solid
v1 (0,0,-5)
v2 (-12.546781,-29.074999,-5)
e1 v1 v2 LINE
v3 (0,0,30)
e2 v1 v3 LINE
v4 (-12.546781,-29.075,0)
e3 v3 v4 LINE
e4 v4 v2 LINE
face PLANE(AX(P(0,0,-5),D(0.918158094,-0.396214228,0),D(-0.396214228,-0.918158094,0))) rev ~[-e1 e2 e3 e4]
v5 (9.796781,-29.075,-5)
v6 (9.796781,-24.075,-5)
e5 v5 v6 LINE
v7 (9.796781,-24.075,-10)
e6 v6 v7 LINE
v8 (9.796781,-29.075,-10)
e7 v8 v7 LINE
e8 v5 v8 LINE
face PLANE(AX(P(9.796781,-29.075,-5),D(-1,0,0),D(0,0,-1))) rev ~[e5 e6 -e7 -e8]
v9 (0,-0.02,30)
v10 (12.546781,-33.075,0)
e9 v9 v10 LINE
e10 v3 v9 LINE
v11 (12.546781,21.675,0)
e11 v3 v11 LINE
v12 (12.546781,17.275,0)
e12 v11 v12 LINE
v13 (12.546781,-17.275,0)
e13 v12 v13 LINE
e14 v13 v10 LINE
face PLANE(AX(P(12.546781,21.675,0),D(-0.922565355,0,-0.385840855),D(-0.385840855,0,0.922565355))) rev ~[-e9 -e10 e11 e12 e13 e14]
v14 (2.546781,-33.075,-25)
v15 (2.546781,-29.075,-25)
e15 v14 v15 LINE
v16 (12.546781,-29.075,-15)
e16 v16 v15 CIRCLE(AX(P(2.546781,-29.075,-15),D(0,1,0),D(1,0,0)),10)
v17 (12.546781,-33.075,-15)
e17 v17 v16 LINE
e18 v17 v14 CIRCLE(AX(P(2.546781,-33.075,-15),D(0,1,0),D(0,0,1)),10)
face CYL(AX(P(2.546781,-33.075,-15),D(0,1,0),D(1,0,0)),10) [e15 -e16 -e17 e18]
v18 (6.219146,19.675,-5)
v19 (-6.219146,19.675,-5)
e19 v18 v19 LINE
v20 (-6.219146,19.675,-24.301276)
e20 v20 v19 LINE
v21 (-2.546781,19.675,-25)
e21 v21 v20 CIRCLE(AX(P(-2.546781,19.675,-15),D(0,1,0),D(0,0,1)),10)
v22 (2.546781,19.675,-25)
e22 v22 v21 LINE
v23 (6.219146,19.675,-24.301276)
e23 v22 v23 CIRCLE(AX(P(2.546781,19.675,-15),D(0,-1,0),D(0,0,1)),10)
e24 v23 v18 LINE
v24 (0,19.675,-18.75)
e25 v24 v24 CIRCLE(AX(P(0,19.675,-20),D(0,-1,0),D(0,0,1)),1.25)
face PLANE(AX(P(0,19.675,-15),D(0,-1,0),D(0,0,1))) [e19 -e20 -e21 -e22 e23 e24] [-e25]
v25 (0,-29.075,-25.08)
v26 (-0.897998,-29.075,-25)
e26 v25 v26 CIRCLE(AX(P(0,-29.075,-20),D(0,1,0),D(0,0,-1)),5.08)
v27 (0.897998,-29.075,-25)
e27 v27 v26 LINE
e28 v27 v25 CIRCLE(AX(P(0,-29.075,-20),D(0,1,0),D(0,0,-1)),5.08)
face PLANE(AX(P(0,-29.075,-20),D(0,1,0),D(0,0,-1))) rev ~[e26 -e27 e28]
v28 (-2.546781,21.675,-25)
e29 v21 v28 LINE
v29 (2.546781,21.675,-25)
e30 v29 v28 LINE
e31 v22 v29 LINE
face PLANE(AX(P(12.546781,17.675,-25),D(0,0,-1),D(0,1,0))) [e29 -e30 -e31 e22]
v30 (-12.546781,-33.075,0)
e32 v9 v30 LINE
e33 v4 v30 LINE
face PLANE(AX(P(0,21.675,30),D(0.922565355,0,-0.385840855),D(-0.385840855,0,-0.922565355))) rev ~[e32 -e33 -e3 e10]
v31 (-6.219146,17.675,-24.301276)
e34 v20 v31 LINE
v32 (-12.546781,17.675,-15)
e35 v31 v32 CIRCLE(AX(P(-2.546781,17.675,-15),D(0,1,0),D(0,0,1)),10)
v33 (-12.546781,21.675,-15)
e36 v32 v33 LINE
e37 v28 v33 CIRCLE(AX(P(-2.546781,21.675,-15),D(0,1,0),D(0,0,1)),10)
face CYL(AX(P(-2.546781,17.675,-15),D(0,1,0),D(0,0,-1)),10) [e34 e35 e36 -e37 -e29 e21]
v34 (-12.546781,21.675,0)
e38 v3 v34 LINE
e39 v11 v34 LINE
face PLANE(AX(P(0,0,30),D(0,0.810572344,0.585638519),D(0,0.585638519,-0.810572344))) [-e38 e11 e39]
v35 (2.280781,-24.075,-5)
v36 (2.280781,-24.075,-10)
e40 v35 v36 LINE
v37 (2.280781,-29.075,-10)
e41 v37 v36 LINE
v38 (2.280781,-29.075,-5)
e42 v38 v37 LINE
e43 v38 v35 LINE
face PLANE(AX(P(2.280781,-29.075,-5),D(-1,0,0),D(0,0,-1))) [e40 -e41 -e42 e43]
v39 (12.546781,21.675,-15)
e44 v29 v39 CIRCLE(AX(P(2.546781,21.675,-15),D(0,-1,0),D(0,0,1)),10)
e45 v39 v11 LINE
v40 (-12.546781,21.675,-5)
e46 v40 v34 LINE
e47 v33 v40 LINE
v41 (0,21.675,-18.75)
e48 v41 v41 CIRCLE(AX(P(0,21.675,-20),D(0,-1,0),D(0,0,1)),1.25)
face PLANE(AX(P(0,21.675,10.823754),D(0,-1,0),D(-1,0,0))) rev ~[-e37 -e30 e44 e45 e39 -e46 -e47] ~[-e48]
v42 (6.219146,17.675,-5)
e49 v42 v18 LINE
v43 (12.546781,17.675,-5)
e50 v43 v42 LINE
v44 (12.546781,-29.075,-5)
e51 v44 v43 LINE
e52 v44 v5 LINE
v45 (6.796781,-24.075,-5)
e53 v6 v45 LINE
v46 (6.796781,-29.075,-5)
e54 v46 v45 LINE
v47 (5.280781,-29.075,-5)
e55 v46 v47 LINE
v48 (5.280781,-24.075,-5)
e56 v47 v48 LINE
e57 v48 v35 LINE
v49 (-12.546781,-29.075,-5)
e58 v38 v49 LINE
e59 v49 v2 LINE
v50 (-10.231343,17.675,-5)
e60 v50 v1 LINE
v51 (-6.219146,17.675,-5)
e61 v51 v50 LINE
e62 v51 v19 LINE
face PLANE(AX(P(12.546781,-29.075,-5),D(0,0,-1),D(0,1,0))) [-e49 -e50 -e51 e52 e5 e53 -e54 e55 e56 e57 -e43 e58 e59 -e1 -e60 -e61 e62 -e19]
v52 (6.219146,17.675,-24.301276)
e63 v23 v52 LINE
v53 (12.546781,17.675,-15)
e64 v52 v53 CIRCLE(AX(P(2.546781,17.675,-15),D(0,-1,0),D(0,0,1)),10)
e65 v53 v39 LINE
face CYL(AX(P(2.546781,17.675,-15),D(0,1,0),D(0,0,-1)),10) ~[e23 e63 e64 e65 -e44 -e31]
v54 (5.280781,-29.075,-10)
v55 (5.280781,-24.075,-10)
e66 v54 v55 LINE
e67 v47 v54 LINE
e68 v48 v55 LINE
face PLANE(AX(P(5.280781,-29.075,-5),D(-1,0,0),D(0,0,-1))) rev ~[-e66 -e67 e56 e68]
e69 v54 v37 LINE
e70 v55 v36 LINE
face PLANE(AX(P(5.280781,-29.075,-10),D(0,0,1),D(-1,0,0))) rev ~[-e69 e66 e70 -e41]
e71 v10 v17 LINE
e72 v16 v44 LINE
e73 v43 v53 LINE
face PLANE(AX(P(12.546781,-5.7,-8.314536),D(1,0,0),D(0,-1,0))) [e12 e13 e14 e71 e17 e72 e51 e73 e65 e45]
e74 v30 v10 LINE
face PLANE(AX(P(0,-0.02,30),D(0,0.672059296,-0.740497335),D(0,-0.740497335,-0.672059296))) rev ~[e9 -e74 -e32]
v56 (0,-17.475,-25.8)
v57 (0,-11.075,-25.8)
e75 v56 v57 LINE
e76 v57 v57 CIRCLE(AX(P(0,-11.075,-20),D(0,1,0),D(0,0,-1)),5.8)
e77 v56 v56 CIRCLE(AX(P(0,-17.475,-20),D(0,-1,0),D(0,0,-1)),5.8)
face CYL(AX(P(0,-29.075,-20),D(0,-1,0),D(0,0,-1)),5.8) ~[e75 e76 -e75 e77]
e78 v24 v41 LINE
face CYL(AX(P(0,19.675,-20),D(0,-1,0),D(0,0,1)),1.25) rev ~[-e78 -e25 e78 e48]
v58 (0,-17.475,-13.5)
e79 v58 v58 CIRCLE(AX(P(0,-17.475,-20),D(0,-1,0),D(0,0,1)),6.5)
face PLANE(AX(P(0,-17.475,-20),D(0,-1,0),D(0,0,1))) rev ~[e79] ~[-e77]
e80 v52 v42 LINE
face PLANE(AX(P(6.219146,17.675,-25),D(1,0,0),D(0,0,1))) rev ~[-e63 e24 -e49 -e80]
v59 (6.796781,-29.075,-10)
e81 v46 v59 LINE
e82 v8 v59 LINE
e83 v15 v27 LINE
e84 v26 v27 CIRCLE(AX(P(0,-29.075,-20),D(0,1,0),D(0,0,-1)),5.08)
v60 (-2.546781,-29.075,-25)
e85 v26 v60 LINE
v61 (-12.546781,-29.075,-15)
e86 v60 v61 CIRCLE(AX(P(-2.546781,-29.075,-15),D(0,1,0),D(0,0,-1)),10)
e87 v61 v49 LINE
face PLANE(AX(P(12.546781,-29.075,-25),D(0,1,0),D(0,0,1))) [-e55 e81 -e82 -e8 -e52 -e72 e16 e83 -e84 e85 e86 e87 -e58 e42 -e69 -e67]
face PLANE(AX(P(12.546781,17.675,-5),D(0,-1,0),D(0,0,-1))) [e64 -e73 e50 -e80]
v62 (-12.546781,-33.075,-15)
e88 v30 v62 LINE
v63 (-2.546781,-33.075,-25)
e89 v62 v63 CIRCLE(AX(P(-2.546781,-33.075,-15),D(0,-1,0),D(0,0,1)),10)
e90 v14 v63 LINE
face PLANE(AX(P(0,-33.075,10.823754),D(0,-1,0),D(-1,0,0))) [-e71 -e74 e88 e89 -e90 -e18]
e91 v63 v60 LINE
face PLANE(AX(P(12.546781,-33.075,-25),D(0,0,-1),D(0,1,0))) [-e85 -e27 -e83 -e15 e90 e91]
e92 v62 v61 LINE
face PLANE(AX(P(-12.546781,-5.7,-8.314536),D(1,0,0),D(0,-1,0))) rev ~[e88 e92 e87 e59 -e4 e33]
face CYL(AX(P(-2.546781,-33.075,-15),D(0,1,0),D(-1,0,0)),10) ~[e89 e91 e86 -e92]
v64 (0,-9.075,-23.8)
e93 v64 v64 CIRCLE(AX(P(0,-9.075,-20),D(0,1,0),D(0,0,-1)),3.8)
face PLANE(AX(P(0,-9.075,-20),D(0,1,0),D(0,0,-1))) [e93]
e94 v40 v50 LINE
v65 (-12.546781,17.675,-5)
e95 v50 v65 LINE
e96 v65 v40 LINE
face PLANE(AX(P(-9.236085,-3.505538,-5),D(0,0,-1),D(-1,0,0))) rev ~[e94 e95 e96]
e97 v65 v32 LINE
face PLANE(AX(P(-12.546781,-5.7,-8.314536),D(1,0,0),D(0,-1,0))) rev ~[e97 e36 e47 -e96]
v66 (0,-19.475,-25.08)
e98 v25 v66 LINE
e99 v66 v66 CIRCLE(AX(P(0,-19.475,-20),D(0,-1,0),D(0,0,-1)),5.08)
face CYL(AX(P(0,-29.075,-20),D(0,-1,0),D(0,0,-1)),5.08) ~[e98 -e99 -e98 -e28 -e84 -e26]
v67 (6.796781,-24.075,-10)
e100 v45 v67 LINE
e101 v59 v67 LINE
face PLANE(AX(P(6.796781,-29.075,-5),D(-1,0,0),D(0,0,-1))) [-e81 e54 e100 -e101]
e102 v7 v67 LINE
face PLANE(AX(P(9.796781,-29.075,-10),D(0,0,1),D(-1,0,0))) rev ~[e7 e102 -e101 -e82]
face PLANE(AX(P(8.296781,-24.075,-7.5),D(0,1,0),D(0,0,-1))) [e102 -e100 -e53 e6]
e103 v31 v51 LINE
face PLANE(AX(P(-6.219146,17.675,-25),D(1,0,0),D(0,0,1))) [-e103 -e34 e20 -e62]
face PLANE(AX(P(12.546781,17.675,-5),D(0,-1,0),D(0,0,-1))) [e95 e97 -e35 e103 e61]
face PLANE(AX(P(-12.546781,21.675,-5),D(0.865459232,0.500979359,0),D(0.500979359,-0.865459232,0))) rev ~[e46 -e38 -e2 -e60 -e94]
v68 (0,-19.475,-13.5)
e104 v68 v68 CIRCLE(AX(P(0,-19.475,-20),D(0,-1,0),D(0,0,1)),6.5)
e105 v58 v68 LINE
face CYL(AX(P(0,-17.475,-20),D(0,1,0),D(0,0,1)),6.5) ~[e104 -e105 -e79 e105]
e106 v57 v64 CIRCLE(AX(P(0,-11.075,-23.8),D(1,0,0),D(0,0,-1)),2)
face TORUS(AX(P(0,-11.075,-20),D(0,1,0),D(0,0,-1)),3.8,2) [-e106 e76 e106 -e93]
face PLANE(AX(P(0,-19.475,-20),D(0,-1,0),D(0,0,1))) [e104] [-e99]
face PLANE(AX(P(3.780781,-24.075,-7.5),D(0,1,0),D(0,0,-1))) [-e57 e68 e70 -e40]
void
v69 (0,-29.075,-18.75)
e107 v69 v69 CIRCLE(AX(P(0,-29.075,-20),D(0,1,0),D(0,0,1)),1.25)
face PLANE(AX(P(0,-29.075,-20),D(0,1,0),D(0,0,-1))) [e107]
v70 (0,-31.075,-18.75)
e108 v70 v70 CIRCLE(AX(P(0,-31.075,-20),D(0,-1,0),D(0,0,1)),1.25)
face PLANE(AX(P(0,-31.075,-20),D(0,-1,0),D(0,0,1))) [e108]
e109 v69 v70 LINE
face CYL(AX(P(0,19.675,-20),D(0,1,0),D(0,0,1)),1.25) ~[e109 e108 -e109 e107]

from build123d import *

# Parameters (mm, degrees)
SKETCH4_W                = 12.46
SKETCH4_H                = 17.25
BOSS_EXTRUDE3_DEPTH      = 6
SKETCH8_R                = 12.546781182
SKETCH8_R_2              = 11.15
BOSS_EXTRUDE6_DEPTH      = 7.3
BOSS_EXTRUDE6_DEPTH_BACK = 17.25
BOSS_EXTRUDE4_DEPTH      = 17.25
SKETCH6_R                = 0.5
CUT_EXTRUDE1_DEPTH       = 15
CHAMFER1_SIZE            = 0.5
CHAMFER1_SIZE2           = 0.866025404
SKETCH10_W               = 12.46
SKETCH10_H               = 23.7
CUT_EXTRUDE3_DEPTH       = 17.25
CUT_EXTRUDE4_REACH       = 38.097
SKETCH11_W               = 5
SKETCH11_H               = 3
BOSS_EXTRUDE7_DEPTH      = 7.3
BOSS_EXTRUDE9_DEPTH      = 10
SKETCH20_R               = 11.15
SKETCH20_R_2             = 7.15
BOSS_EXTRUDE11_DEPTH     = 7.3
SKETCH21_R               = 10.15
SKETCH21_R_2             = 7.15
CUT_EXTRUDE7_DEPTH       = 1.3
BOSS_EXTRUDE10_DEPTH     = 25.093562
SKETCH18_W               = 20
SKETCH18_H               = 12.438292938
CUT_EXTRUDE5_DEPTH       = 2
SKETCH19_R               = 1.25
CUT_EXTRUDE6_DEPTH       = 53.75
CUT_EXTRUDE6_DEPTH_BACK  = 3
FILLET1_R                = 10
SKETCH22_R               = 5.8
BOSS_EXTRUDE12_DEPTH     = 20
FILLET2_R                = 2
SKETCH23_R               = 5.930854157
SKETCH23_R_2             = 5.08
CUT_EXTRUDE8_DEPTH       = 11.6
SKETCH24_R               = 6.5
BOSS_EXTRUDE13_DEPTH     = 2
SKETCH25_R               = 1.25
BOSS_EXTRUDE14_DEPTH     = 2
SKETCH26_W               = 5
SKETCH26_H               = 3
BOSS_EXTRUDE15_DEPTH     = 5
SKETCH27_W               = 27.233314403
SKETCH27_H               = 38.605371191
CUT_EXTRUDE9_DEPTH       = 51.35
BOSS_EXTRUDE16_DEPTH     = 54.75
CUT_EXTRUDE10_DEPTH      = 13.546781182
CUT_EXTRUDE10_DEPTH_BACK = 13.546781182
CUT_EXTRUDE11_DEPTH      = 36


with BuildPart() as part:
    # Sketch4 → Boss-Extrude3 (new body)
    with BuildSketch(Plane.XY):
        with Locations((0, -1.35)):
            Rectangle(SKETCH4_W, SKETCH4_H)
    extrude(amount=BOSS_EXTRUDE3_DEPTH)



with BuildPart() as body_2:
    # Sketch8 → Boss-Extrude6 (new body, two sides)
    with BuildSketch(Plane(origin=(0, -9.975, 0), x_dir=(-1, 0, 0), z_dir=(0, -1, 0))) as boss_extrude6_sk:
        with Locations((0, -23.55)):
            Circle(SKETCH8_R)
        with Locations((0, -23.55)):
            Circle(SKETCH8_R_2, mode=Mode.SUBTRACT)
    extrude(amount=BOSS_EXTRUDE6_DEPTH)
    extrude(boss_extrude6_sk.sketch, amount=-BOSS_EXTRUDE6_DEPTH_BACK)


with BuildPart() as part_1:
    add(part.part)

    add(body_2.part)  # Boss-Extrude4 merges body 2
    # Sketch5 → Boss-Extrude4 (add)
    with BuildSketch(Plane(origin=(0, 7.275, 0), x_dir=(1, 0, 0), z_dir=(0, 1, 0))):
        with BuildLine():
            Line((12.546781182, -23.55), (12.546781182, 0))
            Line((12.546781182, 0), (6.23, 0))
            Line((6.23, 0), (6.23, -29.7))
            Line((6.23, -29.7), (-6.23, -29.7))
            Line((-6.23, -29.7), (-6.23, 0))
            Line((-6.23, 0), (-12.546781182, 0))
            Line((-12.546781182, 0), (-12.546781182, -23.55))
            ThreePointArc((-12.546781182, -23.55), (0, -36.096781182), (12.546781182, -23.55))
        make_face()
    extrude(amount=-BOSS_EXTRUDE4_DEPTH)

    # Sketch6 → Cut-Extrude1 (cut)
    with BuildSketch(Plane(origin=(0, 7.275, 0), x_dir=(1, 0, 0), z_dir=(0, 1, 0))):
        with Locations((0, -3.6)):
            Circle(SKETCH6_R)
        with Locations((0, -32.1)):
            Circle(SKETCH6_R)
    extrude(amount=-CUT_EXTRUDE1_DEPTH, mode=Mode.SUBTRACT)

    # Chamfer1
    chamfer1_edges = [part_1.edges().sort_by_distance(p)[0] for p in [
        (-0.5, 7.275, 3.6),
        (-0.5, 7.275, 32.1),
    ]]
    chamfer1_side = [part_1.faces().sort_by_distance(p)[0] for p in [
        (0, 7.275, 35.657160381),
    ]]
    chamfer(chamfer1_edges, length=CHAMFER1_SIZE, length2=CHAMFER1_SIZE2, reference=chamfer1_side[0])

    # Sketch10 → Cut-Extrude3 (cut)
    with BuildSketch(Plane(origin=(0, 7.275, 0), x_dir=(1, 0, 0), z_dir=(0, 1, 0))):
        with Locations((0, -17.85)):
            Rectangle(SKETCH10_W, SKETCH10_H)
    extrude(amount=-CUT_EXTRUDE3_DEPTH, mode=Mode.SUBTRACT)

    # Sketch11 → Cut-Extrude4 (cut, up to next)
    with BuildSketch(Plane.XY.offset(36.096781182), mode=Mode.PRIVATE) as cut_extrude4_sk1:
        with Locations((0, -8.475)):
            Rectangle(SKETCH11_W, SKETCH11_H)
    cut_extrude4_tool1 = extrude(cut_extrude4_sk1.sketch, amount=-CUT_EXTRUDE4_REACH, mode=Mode.PRIVATE) & part_1.part
    add(cut_extrude4_tool1.solids().sort_by_distance((0, -8.475, 36.096781))[0], mode=Mode.SUBTRACT)

    # Sketch13 → Boss-Extrude7 (add)
    with BuildSketch(Plane.XZ.offset(17.275)):
        with BuildLine():
            Line((-12.546781182, 23.55), (-12.546781182, 0))
            Line((-12.546781182, 0), (12.546781182, 0))
            Line((12.546781182, 0), (12.546781182, 23.55))
            ThreePointArc((12.546781182, 23.55), (0, 11.003218818), (-12.546781182, 23.55))
        make_face()
    extrude(amount=-BOSS_EXTRUDE7_DEPTH)

    # Sketch15 → Boss-Extrude9 (add)
    with BuildSketch(Plane(origin=(0, 7.275, 0), x_dir=(1, 0, 0), z_dir=(0, 1, 0))):
        with BuildLine():
            Line((-12.546781182, 0), (12.546781182, 0))
            Line((12.546781182, 0), (12.546781182, -23.55))
            ThreePointArc((12.546781182, -23.55), (0, -36.096781182), (-12.546781182, -23.55))
            Line((-12.546781182, -23.55), (-12.546781182, 0))
        make_face()
        with BuildLine():
            Line((-6.23, -0.8), (6.23, -0.8))
            Line((6.23, -0.8), (6.23, -33.5))
            ThreePointArc((6.23, -33.5), (5.937106781, -34.207106781), (5.23, -34.5))
            Line((5.23, -34.5), (-5.23, -34.5))
            ThreePointArc((-5.23, -34.5), (-5.937106781, -34.207106781), (-6.23, -33.5))
            Line((-6.23, -33.5), (-6.23, -0.8))
        make_face(mode=Mode.SUBTRACT)
    extrude(amount=BOSS_EXTRUDE9_DEPTH)

    # Sketch20 → Boss-Extrude11 (add)
    with BuildSketch(Plane.XZ.offset(17.275)):
        with Locations((0, 23.55)):
            Circle(SKETCH20_R)
        with Locations((0, 23.55)):
            Circle(SKETCH20_R_2, mode=Mode.SUBTRACT)
    extrude(amount=-BOSS_EXTRUDE11_DEPTH)

    # Sketch21 → Cut-Extrude7 (cut)
    with BuildSketch(Plane.XZ.offset(17.275)):
        with Locations((0, 23.55)):
            Circle(SKETCH21_R)
        with Locations((0, 23.55)):
            Circle(SKETCH21_R_2, mode=Mode.SUBTRACT)
    extrude(amount=-CUT_EXTRUDE7_DEPTH, mode=Mode.SUBTRACT)

    # Sketch17 → Boss-Extrude10 (add)
    with BuildSketch(Plane(origin=(12.546781182, 4.728218818, 0), x_dir=(0, 1, 0), z_dir=(-1, 0, 0))):
        Polygon((16.946781182, 25), (16.946781182, 0), (-37.803218818, 0), (-37.803218818, 25), (-33.803218818, 25), (-33.803218818, 5), (12.946781182, 5), (12.946781182, 25), align=None)
    extrude(amount=BOSS_EXTRUDE10_DEPTH)

    # Sketch18 → Cut-Extrude5 (cut)
    with BuildSketch(Plane(origin=(0, 17.675, 0), x_dir=(0, 0, 1), z_dir=(0, -1, 0))):
        with Locations((-15, 0)):
            Rectangle(SKETCH18_W, SKETCH18_H)
    extrude(amount=-CUT_EXTRUDE5_DEPTH, mode=Mode.SUBTRACT)

    # Sketch19 → Cut-Extrude6 (cut, two sides)
    with BuildSketch(Plane(origin=(0, 19.675, 0), x_dir=(0, 0, 1), z_dir=(0, -1, 0))) as cut_extrude6_sk:
        with Locations((-20, 0)):
            Circle(SKETCH19_R)
    extrude(amount=CUT_EXTRUDE6_DEPTH, mode=Mode.SUBTRACT)
    extrude(cut_extrude6_sk.sketch, amount=-CUT_EXTRUDE6_DEPTH_BACK, mode=Mode.SUBTRACT)

    # Fillet1
    fillet1_edges = [part_1.edges().sort_by_distance(p)[0] for p in [
        (-12.546780818, 19.675, -25),
        (12.546781182, 19.675, -25),
        (12.546781182, -31.075, -25),
        (-12.546780818, -31.075, -25),
    ]]
    fillet(fillet1_edges, radius=FILLET1_R)

    # Sketch22 → Boss-Extrude12 (add)
    with BuildSketch(Plane(origin=(0, -29.075, 0), x_dir=(0, 0, -1), z_dir=(0, 1, 0))):
        with Locations((20, 0)):
            Circle(SKETCH22_R)
    extrude(amount=BOSS_EXTRUDE12_DEPTH)

    # Fillet2
    fillet2_edges = [part_1.edges().sort_by_distance(p)[0] for p in [
        (0, -9.075, -14.2),
    ]]
    fillet(fillet2_edges, radius=FILLET2_R)

    # Sketch23 → Cut-Extrude8 (cut)
    with BuildSketch(Plane(origin=(0, -29.075, 0), x_dir=(0, 0, -1), z_dir=(0, 1, 0))):
        with Locations((20, 0)):
            Circle(SKETCH23_R)
        with Locations((20, 0)):
            Circle(SKETCH23_R_2, mode=Mode.SUBTRACT)
    extrude(amount=CUT_EXTRUDE8_DEPTH, mode=Mode.SUBTRACT)

    # Sketch24 → Boss-Extrude13 (add)
    with BuildSketch(Plane(origin=(0, -17.475, 0), x_dir=(0, 0, 1), z_dir=(0, -1, 0))):
        with Locations((-20, 0)):
            Circle(SKETCH24_R)
    extrude(amount=BOSS_EXTRUDE13_DEPTH)

    # Sketch25 → Boss-Extrude14 (add)
    with BuildSketch(Plane(origin=(0, -33.075, 0), x_dir=(0, 0, 1), z_dir=(0, -1, 0))):
        with Locations((-20, 0)):
            Circle(SKETCH25_R)
    extrude(amount=-BOSS_EXTRUDE14_DEPTH)

    # Sketch26 → Boss-Extrude15 (add)
    with BuildSketch(Plane(origin=(0, -29.075, 0), x_dir=(0, 0, -1), z_dir=(0, 1, 0))):
        with Locations((7.5, -8.296781182)):
            Rectangle(SKETCH26_W, SKETCH26_H)
        with Locations((7.5, -3.780781182)):
            Rectangle(SKETCH26_W, SKETCH26_H)
    extrude(amount=BOSS_EXTRUDE15_DEPTH)

    # Sketch27 → Cut-Extrude9 (cut, through all)
    with BuildSketch(Plane(origin=(0, 17.275, 0), x_dir=(1, 0, 0), z_dir=(0, 1, 0))):
        with Locations((1.06987602, -19.302685596)):
            Rectangle(SKETCH27_W, SKETCH27_H)
    extrude(amount=-CUT_EXTRUDE9_DEPTH, mode=Mode.SUBTRACT)

    # Sketch28 → Boss-Extrude16 (add)
    with BuildSketch(Plane(origin=(0, 21.675, 0), x_dir=(1, 0, 0), z_dir=(0, 1, 0))):
        Polygon((12.546781182, 0), (0, -30), (-12.546781182, 0), align=None)
    extrude(amount=-BOSS_EXTRUDE16_DEPTH)

    # Sketch29 → Cut-Extrude10 (cut, two sides)
    with BuildSketch(Plane(origin=(0, 0, 0), x_dir=(0, 0, -1), z_dir=(1, 0, 0))) as cut_extrude10_sk:
        Polygon((0, 21.675), (-30, 21.675), (-30, 0), align=None)
        Polygon((0, -33.075), (-30, -33.075), (-30, -0.02), align=None)
    extrude(amount=CUT_EXTRUDE10_DEPTH, mode=Mode.SUBTRACT)
    extrude(cut_extrude10_sk.sketch, amount=-CUT_EXTRUDE10_DEPTH_BACK, mode=Mode.SUBTRACT)

    # Sketch30 → Cut-Extrude11 (cut, through all)
    with BuildSketch(Plane(origin=(0, 0, -5), x_dir=(-1, 0, 0), z_dir=(0, 0, -1))):
        Polygon((12.546781182, 21.675), (0, 0), (12.546781182, -29.075), align=None)
    extrude(amount=-CUT_EXTRUDE11_DEPTH, mode=Mode.SUBTRACT)


solid = part_1.part
